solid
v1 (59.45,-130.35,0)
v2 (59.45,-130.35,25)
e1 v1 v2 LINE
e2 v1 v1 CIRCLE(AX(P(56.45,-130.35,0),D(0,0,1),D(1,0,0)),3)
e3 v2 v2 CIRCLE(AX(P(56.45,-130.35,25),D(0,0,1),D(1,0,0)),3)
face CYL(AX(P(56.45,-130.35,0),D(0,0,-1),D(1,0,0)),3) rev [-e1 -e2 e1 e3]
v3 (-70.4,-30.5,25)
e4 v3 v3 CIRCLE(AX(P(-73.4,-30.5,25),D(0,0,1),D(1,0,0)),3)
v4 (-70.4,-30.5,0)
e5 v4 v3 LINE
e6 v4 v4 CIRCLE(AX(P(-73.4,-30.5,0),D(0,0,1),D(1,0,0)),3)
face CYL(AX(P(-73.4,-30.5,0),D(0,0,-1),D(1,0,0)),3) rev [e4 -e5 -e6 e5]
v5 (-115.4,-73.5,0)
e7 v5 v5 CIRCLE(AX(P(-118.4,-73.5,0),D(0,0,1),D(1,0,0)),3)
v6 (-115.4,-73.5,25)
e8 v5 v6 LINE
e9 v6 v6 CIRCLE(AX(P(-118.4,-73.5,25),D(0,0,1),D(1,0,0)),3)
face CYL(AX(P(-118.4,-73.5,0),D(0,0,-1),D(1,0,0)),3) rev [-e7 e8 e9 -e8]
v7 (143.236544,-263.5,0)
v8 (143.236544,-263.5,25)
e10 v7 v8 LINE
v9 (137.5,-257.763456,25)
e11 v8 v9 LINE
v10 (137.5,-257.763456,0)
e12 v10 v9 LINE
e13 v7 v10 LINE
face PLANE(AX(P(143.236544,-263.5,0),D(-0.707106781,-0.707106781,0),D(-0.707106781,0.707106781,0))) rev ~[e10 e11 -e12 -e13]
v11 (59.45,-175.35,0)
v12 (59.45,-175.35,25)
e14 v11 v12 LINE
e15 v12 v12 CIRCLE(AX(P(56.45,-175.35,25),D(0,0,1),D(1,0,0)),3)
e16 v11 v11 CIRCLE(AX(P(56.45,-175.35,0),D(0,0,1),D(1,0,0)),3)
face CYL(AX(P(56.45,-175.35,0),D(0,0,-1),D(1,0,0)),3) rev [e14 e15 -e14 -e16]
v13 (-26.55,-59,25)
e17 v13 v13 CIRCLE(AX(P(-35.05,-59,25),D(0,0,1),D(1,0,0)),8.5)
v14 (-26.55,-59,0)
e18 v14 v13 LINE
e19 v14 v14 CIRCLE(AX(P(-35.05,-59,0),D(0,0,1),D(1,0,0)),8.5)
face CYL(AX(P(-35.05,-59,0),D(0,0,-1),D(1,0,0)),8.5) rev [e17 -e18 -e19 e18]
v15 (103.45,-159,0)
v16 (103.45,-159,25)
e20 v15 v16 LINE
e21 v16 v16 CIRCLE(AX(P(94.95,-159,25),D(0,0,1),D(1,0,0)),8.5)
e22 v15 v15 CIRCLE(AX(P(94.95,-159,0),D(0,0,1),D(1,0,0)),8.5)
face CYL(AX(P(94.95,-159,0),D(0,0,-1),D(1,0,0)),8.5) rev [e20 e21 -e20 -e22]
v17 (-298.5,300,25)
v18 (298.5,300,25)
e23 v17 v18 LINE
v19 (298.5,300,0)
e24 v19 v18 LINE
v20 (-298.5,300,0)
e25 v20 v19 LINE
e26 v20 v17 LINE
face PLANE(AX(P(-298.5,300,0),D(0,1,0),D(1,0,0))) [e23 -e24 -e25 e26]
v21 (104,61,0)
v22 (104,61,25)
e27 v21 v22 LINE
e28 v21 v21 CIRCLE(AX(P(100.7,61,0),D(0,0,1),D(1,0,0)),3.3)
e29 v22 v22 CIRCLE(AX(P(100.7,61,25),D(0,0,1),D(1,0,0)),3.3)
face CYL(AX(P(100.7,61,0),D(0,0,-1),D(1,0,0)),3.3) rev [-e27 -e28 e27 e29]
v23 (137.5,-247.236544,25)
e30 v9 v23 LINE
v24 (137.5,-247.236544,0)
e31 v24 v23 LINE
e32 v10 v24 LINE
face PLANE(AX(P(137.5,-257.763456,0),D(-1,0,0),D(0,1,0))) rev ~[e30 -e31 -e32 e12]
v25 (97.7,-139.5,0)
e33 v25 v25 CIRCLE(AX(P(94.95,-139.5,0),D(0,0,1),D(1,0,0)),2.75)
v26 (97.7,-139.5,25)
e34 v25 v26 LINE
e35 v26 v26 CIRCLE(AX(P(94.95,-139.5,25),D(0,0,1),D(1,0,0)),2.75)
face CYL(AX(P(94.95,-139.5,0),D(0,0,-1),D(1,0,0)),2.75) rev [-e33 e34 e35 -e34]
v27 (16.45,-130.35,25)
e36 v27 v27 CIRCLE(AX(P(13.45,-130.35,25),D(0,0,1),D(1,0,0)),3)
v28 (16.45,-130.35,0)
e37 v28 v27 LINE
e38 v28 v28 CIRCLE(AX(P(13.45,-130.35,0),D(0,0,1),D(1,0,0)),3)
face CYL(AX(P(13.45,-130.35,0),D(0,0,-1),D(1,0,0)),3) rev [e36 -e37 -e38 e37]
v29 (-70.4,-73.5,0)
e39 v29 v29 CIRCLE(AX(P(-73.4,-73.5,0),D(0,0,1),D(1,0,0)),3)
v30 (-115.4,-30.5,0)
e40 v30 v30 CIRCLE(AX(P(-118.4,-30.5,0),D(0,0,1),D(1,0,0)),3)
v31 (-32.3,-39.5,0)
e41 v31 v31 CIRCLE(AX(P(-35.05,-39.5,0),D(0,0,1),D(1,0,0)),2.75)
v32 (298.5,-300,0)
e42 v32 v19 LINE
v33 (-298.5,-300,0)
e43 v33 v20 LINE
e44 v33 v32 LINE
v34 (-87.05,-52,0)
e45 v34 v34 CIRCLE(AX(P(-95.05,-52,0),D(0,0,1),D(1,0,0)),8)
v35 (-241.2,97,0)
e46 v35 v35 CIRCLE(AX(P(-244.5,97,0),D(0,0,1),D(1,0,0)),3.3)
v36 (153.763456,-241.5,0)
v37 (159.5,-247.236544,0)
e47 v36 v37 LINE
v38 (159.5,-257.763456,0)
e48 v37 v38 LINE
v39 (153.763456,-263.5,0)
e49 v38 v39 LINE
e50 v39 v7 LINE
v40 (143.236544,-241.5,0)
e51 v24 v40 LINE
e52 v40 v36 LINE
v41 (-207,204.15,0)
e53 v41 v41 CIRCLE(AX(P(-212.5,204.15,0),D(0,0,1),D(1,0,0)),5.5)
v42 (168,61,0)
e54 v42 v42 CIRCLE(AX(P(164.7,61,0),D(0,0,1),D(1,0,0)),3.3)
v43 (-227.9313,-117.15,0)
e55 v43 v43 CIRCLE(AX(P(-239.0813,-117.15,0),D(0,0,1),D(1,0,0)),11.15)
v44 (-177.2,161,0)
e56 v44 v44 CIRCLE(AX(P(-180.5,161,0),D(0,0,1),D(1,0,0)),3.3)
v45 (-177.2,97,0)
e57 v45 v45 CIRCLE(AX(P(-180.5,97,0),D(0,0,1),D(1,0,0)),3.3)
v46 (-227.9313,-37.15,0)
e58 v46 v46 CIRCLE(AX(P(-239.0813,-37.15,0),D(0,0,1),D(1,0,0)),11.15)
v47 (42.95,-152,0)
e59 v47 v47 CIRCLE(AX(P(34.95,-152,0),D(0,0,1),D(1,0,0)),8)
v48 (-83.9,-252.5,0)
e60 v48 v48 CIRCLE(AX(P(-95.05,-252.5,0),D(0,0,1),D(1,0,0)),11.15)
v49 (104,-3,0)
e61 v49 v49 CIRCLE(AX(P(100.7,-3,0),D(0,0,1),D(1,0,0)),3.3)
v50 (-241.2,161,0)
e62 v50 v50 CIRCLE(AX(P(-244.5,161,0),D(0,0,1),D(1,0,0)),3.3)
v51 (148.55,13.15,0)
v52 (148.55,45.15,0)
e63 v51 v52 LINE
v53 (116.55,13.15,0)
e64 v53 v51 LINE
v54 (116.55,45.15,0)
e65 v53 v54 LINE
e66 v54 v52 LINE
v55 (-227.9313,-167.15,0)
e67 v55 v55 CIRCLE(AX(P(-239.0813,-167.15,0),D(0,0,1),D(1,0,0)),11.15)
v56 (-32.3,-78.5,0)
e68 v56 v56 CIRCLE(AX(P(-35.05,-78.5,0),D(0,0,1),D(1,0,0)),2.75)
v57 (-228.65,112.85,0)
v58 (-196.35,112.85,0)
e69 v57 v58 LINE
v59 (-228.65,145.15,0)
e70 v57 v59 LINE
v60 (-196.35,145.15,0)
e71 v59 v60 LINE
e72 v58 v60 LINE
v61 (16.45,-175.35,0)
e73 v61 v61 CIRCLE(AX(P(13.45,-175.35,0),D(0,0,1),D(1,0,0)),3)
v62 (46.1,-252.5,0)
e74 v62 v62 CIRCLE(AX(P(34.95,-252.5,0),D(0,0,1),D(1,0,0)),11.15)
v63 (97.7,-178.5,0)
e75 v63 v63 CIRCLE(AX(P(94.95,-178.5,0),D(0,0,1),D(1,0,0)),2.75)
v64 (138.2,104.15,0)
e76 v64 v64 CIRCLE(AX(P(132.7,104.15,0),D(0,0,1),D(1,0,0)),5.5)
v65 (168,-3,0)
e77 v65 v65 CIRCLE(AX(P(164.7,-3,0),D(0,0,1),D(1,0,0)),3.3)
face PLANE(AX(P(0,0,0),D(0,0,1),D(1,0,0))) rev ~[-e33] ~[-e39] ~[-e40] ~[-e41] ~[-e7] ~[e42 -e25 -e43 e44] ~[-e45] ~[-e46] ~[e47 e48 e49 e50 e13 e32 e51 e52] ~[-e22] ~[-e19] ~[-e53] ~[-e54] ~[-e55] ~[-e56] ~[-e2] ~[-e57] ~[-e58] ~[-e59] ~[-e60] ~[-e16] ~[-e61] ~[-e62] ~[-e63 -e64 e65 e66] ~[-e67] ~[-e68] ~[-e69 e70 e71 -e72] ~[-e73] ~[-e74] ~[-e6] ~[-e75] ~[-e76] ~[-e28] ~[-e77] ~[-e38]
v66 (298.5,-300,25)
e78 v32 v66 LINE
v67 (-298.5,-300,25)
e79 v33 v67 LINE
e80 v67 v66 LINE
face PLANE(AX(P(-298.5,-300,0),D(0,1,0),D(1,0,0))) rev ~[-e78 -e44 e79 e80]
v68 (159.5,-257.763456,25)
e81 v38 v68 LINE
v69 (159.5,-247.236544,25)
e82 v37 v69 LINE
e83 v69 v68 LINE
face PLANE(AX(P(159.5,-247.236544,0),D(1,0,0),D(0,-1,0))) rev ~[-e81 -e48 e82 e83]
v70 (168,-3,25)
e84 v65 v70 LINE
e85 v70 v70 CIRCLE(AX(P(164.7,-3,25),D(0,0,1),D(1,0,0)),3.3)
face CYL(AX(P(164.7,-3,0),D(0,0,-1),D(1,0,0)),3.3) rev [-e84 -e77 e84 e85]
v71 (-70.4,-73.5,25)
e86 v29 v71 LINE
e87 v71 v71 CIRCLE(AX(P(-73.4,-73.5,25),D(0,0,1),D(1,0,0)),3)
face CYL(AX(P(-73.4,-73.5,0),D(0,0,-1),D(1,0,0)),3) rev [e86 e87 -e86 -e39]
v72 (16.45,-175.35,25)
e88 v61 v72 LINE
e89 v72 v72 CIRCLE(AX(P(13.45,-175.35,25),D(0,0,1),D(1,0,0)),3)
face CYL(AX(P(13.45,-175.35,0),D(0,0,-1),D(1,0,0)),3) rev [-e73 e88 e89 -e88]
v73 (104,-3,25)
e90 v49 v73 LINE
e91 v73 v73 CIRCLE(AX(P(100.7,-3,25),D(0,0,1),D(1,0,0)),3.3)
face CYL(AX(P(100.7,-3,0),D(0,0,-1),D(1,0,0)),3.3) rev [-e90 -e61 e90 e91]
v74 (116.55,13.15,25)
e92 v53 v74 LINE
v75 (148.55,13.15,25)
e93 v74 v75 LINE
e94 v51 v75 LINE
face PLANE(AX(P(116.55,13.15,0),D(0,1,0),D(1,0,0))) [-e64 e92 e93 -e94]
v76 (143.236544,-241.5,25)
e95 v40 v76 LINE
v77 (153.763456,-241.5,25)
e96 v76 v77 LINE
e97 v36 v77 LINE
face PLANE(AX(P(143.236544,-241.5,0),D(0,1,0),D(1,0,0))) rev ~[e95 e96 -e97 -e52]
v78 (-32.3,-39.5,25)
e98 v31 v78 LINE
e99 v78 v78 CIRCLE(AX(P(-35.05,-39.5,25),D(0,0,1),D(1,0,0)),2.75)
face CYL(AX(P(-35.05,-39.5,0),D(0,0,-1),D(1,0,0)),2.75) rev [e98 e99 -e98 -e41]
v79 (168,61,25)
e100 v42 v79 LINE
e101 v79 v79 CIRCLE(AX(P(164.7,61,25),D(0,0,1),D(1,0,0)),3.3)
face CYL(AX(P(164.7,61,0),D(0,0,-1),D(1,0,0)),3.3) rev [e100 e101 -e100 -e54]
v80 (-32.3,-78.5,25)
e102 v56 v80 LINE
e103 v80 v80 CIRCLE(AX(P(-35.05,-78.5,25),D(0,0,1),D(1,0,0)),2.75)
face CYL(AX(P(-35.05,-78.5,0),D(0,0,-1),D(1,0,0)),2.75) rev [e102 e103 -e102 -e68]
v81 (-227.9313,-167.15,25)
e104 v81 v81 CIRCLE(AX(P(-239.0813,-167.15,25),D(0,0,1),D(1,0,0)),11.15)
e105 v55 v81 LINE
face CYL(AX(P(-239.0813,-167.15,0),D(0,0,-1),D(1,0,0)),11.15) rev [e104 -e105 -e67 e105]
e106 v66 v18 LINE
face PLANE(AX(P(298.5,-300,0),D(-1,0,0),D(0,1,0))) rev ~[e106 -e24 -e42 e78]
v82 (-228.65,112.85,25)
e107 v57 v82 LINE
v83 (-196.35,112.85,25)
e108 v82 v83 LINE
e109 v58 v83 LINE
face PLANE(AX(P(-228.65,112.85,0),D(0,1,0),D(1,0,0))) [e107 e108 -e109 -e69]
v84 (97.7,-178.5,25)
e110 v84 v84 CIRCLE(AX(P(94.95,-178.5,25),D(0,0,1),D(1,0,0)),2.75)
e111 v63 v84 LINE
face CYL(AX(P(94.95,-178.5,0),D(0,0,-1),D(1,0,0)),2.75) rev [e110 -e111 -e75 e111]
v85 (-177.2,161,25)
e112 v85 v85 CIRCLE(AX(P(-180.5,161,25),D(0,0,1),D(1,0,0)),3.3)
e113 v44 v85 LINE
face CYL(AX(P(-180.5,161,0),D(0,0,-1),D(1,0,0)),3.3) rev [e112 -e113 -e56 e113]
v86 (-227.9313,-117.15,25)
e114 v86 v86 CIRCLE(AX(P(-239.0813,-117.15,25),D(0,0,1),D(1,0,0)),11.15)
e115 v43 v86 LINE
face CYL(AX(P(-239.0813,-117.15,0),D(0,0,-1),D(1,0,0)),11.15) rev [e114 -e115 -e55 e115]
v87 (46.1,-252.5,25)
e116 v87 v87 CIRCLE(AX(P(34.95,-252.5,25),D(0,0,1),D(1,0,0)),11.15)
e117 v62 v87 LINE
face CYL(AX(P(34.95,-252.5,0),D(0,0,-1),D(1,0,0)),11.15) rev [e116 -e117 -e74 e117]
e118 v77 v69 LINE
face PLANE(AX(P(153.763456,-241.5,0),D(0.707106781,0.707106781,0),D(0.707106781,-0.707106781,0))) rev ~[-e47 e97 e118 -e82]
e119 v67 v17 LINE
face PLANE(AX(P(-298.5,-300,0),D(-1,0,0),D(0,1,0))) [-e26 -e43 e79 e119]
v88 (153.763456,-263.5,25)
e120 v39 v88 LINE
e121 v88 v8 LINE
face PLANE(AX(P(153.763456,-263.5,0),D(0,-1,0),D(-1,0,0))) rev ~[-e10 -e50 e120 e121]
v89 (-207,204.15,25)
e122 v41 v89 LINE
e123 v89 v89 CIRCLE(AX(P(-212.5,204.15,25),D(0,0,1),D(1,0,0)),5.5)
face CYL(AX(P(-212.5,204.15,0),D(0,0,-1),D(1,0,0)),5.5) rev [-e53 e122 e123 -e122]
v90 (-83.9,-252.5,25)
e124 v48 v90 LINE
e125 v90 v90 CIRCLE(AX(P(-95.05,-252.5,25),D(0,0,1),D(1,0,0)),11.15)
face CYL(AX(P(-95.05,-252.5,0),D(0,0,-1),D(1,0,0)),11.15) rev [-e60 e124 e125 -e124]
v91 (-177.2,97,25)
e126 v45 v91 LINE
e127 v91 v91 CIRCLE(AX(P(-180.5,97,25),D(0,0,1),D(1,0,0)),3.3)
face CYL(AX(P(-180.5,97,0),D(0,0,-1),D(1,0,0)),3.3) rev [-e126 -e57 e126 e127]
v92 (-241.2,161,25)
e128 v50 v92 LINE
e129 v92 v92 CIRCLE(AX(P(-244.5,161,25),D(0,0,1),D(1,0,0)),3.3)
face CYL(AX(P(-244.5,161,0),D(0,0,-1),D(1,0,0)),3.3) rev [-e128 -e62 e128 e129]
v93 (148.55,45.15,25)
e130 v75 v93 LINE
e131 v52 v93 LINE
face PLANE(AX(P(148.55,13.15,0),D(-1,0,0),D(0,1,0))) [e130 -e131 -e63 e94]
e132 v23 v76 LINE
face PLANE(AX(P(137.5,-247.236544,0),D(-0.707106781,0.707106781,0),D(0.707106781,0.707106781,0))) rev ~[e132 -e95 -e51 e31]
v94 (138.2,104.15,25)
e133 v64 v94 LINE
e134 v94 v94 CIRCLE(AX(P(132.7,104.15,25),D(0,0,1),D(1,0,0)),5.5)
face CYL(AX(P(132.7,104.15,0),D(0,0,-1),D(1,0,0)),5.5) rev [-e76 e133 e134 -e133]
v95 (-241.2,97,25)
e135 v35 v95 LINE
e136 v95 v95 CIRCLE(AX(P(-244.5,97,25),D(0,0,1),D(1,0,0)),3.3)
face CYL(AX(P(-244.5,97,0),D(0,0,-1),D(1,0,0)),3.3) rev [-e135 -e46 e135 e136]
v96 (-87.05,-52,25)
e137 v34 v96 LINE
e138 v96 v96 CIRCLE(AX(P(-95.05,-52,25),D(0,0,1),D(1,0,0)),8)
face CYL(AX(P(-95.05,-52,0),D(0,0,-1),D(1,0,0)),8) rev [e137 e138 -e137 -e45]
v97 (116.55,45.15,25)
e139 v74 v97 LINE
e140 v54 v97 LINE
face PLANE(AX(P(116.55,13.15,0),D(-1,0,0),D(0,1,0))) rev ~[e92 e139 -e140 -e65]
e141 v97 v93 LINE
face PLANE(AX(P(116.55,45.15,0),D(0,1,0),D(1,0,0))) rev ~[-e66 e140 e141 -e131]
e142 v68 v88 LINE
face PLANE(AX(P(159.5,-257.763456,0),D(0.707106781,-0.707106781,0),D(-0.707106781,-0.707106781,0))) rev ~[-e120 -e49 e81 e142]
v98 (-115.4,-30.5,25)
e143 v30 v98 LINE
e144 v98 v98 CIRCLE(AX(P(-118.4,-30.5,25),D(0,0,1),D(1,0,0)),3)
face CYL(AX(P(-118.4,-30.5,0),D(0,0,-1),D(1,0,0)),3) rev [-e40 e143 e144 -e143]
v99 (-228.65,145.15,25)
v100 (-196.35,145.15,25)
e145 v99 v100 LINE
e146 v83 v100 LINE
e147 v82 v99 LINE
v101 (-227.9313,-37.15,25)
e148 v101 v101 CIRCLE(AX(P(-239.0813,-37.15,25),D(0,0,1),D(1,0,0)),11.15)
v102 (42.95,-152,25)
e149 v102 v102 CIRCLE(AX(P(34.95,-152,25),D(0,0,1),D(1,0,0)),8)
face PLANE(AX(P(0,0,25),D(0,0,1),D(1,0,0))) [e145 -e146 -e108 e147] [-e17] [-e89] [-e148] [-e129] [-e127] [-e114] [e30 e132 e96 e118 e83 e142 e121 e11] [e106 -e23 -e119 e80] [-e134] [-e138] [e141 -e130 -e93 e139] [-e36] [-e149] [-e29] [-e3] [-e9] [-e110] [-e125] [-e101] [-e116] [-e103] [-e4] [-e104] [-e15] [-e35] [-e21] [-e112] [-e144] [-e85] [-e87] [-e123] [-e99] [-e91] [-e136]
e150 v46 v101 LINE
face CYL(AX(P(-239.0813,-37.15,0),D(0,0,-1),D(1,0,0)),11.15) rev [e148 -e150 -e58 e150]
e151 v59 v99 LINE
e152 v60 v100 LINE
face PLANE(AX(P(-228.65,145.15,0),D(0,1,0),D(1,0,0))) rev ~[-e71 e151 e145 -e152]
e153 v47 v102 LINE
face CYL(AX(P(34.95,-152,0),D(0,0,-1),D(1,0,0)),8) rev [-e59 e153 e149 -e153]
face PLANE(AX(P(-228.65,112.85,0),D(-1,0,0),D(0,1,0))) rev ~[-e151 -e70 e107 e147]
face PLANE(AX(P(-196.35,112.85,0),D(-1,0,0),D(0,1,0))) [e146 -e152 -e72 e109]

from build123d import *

# Parameters (mm, degrees)
F0_W     = 597
F0_H     = 600
F0_R     = 11.15
F0_R_2   = 2.75
F0_R_3   = 3
F0_R_4   = 8
F0_R_5   = 8.5
F0_R_6   = 3.3
F0_W_2   = 32.3
F0_H_2   = 32.3
F0_R_7   = 5.5
F0_W_3   = 32
F0_H_3   = 32
F1_DEPTH = 25


with BuildPart() as f1:
    # F0 (on Top) → F1 (new body)
    with BuildSketch(Plane.XY):
        Rectangle(F0_W, F0_H)
        with Locations((-239.0813, -167.15)):
            Circle(F0_R, mode=Mode.SUBTRACT)
        with Locations((-95.05, -252.5)):
            Circle(F0_R, mode=Mode.SUBTRACT)
        with Locations((-239.0813, -117.15)):
            Circle(F0_R, mode=Mode.SUBTRACT)
        with Locations((-239.0813, -37.15)):
            Circle(F0_R, mode=Mode.SUBTRACT)
        with Locations((-35.05, -78.5)):
            Circle(F0_R_2, mode=Mode.SUBTRACT)
        with Locations((-118.4, -73.5)):
            Circle(F0_R_3, mode=Mode.SUBTRACT)
        with Locations((-95.05, -52)):
            Circle(F0_R_4, mode=Mode.SUBTRACT)
        with Locations((-118.4, -30.5)):
            Circle(F0_R_3, mode=Mode.SUBTRACT)
        with Locations((-73.4, -73.5)):
            Circle(F0_R_3, mode=Mode.SUBTRACT)
        with Locations((-35.05, -59)):
            Circle(F0_R_5, mode=Mode.SUBTRACT)
        with Locations((-35.05, -39.5)):
            Circle(F0_R_2, mode=Mode.SUBTRACT)
        with Locations((-73.4, -30.5)):
            Circle(F0_R_3, mode=Mode.SUBTRACT)
        with Locations((34.95, -252.5)):
            Circle(F0_R, mode=Mode.SUBTRACT)
        Polygon((159.5, -247.236544), (159.5, -257.763456), (153.763456, -263.5), (143.236544, -263.5), (137.5, -257.763456), (137.5, -247.236544), (143.236544, -241.5), (153.763456, -241.5), align=None, mode=Mode.SUBTRACT)
        with Locations((13.45, -175.35)):
            Circle(F0_R_3, mode=Mode.SUBTRACT)
        with Locations((34.95, -152)):
            Circle(F0_R_4, mode=Mode.SUBTRACT)
        with Locations((56.45, -175.35)):
            Circle(F0_R_3, mode=Mode.SUBTRACT)
        with Locations((94.95, -178.5)):
            Circle(F0_R_2, mode=Mode.SUBTRACT)
        with Locations((94.95, -159)):
            Circle(F0_R_5, mode=Mode.SUBTRACT)
        with Locations((13.45, -130.35)):
            Circle(F0_R_3, mode=Mode.SUBTRACT)
        with Locations((56.45, -130.35)):
            Circle(F0_R_3, mode=Mode.SUBTRACT)
        with Locations((94.95, -139.5)):
            Circle(F0_R_2, mode=Mode.SUBTRACT)
        with Locations((100.7, -3)):
            Circle(F0_R_6, mode=Mode.SUBTRACT)
        with Locations((164.7, -3)):
            Circle(F0_R_6, mode=Mode.SUBTRACT)
        with Locations((-244.5, 97)):
            Circle(F0_R_6, mode=Mode.SUBTRACT)
        with Locations((-180.5, 97)):
            Circle(F0_R_6, mode=Mode.SUBTRACT)
        with Locations((-212.5, 129)):
            Rectangle(F0_W_2, F0_H_2, mode=Mode.SUBTRACT)
        with Locations((-244.5, 161)):
            Circle(F0_R_6, mode=Mode.SUBTRACT)
        with Locations((-180.5, 161)):
            Circle(F0_R_6, mode=Mode.SUBTRACT)
        with Locations((-212.5, 204.15)):
            Circle(F0_R_7, mode=Mode.SUBTRACT)
        with Locations((132.55, 29.15)):
            Rectangle(F0_W_3, F0_H_3, mode=Mode.SUBTRACT)
        with Locations((100.7, 61)):
            Circle(F0_R_6, mode=Mode.SUBTRACT)
        with Locations((132.7, 104.15)):
            Circle(F0_R_7, mode=Mode.SUBTRACT)
        with Locations((164.7, 61)):
            Circle(F0_R_6, mode=Mode.SUBTRACT)
    extrude(amount=F1_DEPTH)


solid = f1.part
